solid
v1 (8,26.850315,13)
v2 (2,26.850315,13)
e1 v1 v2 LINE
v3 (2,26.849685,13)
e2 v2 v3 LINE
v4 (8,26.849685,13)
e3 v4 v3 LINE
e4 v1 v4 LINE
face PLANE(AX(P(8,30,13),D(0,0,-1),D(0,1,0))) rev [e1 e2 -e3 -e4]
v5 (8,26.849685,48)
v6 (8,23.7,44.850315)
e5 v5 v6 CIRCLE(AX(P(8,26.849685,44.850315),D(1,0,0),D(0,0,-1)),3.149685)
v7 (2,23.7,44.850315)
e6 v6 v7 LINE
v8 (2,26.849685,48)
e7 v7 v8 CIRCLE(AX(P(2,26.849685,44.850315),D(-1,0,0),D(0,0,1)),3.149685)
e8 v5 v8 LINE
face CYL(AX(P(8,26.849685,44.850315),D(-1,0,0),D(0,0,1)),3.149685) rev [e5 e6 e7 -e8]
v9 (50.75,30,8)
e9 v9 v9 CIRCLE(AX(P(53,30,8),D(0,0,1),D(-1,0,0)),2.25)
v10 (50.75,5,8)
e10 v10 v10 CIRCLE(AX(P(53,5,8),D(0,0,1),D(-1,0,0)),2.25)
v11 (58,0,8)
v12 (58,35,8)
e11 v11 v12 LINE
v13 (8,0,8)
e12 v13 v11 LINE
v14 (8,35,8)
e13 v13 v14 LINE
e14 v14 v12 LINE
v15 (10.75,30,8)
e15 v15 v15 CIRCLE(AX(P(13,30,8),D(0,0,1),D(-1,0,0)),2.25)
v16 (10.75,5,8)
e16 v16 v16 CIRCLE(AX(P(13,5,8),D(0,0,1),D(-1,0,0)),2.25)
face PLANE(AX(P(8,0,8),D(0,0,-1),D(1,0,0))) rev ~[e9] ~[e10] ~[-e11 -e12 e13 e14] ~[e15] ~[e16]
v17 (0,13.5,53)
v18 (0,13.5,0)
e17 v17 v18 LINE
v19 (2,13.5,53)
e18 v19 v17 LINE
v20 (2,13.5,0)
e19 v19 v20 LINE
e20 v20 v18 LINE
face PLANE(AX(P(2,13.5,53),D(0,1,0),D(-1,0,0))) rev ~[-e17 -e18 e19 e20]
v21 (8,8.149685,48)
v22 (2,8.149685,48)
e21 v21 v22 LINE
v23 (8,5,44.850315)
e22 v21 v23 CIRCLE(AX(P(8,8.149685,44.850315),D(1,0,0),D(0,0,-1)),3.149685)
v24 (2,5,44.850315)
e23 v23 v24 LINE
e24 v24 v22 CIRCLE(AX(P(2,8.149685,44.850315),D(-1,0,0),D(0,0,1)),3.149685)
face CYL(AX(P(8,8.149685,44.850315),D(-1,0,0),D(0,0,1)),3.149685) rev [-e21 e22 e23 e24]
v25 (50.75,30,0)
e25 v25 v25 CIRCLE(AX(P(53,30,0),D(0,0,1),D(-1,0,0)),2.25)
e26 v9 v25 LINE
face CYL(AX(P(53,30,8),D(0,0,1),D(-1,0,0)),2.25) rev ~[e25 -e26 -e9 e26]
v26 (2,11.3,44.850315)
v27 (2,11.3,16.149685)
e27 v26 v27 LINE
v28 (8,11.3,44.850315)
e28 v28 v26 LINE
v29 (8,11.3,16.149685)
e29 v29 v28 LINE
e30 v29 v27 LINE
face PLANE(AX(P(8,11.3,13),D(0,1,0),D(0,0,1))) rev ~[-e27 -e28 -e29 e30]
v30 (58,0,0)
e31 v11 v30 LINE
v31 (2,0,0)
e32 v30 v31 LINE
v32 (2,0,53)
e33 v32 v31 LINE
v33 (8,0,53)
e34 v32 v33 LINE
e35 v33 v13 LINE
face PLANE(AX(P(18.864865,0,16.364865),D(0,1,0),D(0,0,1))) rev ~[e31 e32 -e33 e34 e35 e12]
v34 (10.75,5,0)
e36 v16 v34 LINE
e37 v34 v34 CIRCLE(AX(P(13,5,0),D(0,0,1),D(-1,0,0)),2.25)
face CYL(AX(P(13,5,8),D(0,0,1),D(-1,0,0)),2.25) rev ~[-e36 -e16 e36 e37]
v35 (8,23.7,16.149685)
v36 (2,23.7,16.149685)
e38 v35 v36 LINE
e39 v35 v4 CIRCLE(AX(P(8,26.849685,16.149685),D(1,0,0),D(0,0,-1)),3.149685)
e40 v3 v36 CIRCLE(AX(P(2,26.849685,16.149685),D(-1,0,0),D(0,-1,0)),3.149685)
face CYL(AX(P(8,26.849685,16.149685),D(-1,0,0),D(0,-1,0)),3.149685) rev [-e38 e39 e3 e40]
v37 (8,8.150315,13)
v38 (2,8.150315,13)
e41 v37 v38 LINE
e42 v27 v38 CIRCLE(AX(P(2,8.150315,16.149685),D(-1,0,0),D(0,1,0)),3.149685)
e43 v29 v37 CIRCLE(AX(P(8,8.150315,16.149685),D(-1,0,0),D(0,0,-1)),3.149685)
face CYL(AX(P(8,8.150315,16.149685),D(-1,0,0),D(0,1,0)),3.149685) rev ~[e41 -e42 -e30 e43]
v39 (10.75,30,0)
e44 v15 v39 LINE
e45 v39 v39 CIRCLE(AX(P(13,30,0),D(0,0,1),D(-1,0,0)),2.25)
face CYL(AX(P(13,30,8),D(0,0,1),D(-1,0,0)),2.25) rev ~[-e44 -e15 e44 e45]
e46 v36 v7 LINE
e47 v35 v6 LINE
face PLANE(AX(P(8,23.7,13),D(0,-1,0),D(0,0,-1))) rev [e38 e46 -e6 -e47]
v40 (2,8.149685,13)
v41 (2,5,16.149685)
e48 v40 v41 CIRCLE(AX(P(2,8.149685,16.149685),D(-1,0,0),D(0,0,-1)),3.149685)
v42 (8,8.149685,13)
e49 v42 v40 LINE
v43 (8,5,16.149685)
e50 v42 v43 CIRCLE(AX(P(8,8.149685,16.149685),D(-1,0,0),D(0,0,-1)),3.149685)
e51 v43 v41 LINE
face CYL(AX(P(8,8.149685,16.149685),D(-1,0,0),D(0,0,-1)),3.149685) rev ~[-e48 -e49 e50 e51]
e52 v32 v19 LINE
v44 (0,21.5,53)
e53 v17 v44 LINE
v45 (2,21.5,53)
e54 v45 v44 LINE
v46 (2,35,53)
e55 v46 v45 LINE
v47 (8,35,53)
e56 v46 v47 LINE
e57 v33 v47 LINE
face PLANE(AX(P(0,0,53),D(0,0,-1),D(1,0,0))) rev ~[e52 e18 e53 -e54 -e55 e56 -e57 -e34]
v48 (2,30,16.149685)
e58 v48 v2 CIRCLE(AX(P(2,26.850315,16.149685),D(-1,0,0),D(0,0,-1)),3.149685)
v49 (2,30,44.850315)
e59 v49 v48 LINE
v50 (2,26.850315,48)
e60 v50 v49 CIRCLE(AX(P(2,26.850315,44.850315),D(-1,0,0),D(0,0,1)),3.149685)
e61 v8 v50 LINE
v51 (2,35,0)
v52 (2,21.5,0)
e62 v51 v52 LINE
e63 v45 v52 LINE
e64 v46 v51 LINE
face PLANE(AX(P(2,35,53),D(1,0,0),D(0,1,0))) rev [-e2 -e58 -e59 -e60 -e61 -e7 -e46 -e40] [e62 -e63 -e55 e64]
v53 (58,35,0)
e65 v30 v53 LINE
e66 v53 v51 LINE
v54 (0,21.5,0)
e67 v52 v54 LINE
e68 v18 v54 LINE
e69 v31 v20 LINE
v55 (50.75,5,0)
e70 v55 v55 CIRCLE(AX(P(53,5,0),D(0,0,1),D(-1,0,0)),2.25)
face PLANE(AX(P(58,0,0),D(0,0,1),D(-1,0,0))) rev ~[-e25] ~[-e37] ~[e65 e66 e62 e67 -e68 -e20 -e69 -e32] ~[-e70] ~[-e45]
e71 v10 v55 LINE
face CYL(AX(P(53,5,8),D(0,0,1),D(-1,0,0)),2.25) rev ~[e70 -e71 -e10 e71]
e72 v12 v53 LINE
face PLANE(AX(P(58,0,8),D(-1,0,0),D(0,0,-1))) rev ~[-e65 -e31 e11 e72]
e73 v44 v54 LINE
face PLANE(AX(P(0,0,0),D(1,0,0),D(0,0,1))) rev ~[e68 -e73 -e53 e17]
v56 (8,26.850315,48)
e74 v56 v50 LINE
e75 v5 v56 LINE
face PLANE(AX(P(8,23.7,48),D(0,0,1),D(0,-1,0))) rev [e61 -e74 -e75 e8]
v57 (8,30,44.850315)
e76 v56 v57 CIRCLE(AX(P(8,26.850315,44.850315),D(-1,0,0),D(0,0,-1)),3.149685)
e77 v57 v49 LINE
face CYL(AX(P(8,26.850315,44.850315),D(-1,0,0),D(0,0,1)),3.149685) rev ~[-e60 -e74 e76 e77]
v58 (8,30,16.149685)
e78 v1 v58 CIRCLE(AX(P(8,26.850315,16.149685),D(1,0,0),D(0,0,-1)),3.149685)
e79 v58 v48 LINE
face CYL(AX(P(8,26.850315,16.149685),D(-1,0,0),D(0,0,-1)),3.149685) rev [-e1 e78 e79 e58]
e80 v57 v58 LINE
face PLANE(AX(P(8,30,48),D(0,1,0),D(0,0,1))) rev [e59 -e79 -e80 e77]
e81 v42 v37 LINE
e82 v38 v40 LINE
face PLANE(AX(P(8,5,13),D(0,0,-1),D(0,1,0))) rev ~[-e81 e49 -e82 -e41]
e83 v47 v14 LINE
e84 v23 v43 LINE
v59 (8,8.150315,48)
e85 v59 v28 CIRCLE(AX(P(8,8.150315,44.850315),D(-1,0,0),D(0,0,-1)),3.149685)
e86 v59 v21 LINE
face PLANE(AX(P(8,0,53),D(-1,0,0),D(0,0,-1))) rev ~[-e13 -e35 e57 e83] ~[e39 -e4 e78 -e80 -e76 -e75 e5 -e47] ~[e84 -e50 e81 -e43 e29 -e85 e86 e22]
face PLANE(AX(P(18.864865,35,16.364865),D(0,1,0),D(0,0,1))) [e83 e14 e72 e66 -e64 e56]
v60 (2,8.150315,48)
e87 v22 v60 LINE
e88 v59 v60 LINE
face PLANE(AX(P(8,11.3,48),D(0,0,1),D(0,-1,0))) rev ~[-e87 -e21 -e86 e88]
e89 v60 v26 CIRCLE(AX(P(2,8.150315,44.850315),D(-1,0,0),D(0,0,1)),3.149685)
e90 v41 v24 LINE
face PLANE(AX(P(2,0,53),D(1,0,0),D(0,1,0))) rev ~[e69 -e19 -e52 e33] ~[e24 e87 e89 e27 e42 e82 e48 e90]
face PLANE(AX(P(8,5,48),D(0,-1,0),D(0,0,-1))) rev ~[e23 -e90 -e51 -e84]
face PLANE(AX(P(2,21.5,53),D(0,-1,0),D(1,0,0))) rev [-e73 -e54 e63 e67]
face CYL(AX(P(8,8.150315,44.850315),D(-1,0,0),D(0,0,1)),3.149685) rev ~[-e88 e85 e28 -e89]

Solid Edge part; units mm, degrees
sketch "Sketch1" plane through (0, 0, 0) normal (0, -1, 0) x (1, 0, 0)
  line L0 (8, 53) -> (8, 8)
  line L1 (8, 8) -> (58, 8)
  line L2 (58, 8) -> (58, 0)
  line L3 (58, 0) -> (0, 0)
  line L4 (0, 0) -> (0, 53)
  line L5 (0, 53) -> (8, 53)
extrude "Extrusionsausprägung_16" add sketch "Sketch1" against normal blind 35
sketch "Sketch2" plane through (39, 25, 8) normal (0, 0, 1) x (-1, 0, 0)
  circle A0 centre (26, 20) radius 2.25
  circle A1 centre (-14, 20) radius 2.25
  circle A2 centre (-14, -5) radius 2.25
  circle A3 centre (26, -5) radius 2.25
  dimension "D1" = 5
  dimension "D2" = 5
  dimension "D3" = 4.5
  dimension "D4" = 40
  dimension "D5" = 25
extrude "Extrusionsausschnitt_23" cut sketch "Sketch2" against normal blind 79.6572
extrude "Cutout1" [suppressed]
sketch "Sketch3" plane through (8, 17.5, 29) normal (1, 0, 0) x (0, 0, 1)
  line L0 (19, 12.5) -> (-16, 12.5)
  line L1 (-16, 12.5) -> (-16, 6.2)
  line L2 (-16, 6.2) -> (19, 6.2)
  line L3 (19, 6.2) -> (19, 12.5)
extrude "Extrusionsausschnitt_25" cut sketch "Sketch3" against normal blind 90.2255
fillet "Verrundung_15" radius 3.15 4 edges at (4, 11.3, 13) (4, 5, 13) (4, 5, 48) (4, 11.3, 48)
mirror "Mirror1" about plane through (29, 17.5, 25) normal (0, -1, 0) of "Extrusionsausschnitt_25", "Verrundung_15"
sketch "Sketch4" plane through (4, 17.5, 53) normal (0, 0, 1) x (-1, 0, 0)
  line L0 (2, 17.5) -> (2, 4)
  line L1 (2, 4) -> (4, 4)
  line L2 (4, 4) -> (4, 17.5)
  line L3 (4, 17.5) -> (2, 17.5)
extrude "Extrusionsausschnitt_26" cut sketch "Sketch4" against normal blind 65.9073
mirror "Mirror2" about plane through (29, 17.5, 25) normal (0, -1, 0) of "Extrusionsausschnitt_26"
